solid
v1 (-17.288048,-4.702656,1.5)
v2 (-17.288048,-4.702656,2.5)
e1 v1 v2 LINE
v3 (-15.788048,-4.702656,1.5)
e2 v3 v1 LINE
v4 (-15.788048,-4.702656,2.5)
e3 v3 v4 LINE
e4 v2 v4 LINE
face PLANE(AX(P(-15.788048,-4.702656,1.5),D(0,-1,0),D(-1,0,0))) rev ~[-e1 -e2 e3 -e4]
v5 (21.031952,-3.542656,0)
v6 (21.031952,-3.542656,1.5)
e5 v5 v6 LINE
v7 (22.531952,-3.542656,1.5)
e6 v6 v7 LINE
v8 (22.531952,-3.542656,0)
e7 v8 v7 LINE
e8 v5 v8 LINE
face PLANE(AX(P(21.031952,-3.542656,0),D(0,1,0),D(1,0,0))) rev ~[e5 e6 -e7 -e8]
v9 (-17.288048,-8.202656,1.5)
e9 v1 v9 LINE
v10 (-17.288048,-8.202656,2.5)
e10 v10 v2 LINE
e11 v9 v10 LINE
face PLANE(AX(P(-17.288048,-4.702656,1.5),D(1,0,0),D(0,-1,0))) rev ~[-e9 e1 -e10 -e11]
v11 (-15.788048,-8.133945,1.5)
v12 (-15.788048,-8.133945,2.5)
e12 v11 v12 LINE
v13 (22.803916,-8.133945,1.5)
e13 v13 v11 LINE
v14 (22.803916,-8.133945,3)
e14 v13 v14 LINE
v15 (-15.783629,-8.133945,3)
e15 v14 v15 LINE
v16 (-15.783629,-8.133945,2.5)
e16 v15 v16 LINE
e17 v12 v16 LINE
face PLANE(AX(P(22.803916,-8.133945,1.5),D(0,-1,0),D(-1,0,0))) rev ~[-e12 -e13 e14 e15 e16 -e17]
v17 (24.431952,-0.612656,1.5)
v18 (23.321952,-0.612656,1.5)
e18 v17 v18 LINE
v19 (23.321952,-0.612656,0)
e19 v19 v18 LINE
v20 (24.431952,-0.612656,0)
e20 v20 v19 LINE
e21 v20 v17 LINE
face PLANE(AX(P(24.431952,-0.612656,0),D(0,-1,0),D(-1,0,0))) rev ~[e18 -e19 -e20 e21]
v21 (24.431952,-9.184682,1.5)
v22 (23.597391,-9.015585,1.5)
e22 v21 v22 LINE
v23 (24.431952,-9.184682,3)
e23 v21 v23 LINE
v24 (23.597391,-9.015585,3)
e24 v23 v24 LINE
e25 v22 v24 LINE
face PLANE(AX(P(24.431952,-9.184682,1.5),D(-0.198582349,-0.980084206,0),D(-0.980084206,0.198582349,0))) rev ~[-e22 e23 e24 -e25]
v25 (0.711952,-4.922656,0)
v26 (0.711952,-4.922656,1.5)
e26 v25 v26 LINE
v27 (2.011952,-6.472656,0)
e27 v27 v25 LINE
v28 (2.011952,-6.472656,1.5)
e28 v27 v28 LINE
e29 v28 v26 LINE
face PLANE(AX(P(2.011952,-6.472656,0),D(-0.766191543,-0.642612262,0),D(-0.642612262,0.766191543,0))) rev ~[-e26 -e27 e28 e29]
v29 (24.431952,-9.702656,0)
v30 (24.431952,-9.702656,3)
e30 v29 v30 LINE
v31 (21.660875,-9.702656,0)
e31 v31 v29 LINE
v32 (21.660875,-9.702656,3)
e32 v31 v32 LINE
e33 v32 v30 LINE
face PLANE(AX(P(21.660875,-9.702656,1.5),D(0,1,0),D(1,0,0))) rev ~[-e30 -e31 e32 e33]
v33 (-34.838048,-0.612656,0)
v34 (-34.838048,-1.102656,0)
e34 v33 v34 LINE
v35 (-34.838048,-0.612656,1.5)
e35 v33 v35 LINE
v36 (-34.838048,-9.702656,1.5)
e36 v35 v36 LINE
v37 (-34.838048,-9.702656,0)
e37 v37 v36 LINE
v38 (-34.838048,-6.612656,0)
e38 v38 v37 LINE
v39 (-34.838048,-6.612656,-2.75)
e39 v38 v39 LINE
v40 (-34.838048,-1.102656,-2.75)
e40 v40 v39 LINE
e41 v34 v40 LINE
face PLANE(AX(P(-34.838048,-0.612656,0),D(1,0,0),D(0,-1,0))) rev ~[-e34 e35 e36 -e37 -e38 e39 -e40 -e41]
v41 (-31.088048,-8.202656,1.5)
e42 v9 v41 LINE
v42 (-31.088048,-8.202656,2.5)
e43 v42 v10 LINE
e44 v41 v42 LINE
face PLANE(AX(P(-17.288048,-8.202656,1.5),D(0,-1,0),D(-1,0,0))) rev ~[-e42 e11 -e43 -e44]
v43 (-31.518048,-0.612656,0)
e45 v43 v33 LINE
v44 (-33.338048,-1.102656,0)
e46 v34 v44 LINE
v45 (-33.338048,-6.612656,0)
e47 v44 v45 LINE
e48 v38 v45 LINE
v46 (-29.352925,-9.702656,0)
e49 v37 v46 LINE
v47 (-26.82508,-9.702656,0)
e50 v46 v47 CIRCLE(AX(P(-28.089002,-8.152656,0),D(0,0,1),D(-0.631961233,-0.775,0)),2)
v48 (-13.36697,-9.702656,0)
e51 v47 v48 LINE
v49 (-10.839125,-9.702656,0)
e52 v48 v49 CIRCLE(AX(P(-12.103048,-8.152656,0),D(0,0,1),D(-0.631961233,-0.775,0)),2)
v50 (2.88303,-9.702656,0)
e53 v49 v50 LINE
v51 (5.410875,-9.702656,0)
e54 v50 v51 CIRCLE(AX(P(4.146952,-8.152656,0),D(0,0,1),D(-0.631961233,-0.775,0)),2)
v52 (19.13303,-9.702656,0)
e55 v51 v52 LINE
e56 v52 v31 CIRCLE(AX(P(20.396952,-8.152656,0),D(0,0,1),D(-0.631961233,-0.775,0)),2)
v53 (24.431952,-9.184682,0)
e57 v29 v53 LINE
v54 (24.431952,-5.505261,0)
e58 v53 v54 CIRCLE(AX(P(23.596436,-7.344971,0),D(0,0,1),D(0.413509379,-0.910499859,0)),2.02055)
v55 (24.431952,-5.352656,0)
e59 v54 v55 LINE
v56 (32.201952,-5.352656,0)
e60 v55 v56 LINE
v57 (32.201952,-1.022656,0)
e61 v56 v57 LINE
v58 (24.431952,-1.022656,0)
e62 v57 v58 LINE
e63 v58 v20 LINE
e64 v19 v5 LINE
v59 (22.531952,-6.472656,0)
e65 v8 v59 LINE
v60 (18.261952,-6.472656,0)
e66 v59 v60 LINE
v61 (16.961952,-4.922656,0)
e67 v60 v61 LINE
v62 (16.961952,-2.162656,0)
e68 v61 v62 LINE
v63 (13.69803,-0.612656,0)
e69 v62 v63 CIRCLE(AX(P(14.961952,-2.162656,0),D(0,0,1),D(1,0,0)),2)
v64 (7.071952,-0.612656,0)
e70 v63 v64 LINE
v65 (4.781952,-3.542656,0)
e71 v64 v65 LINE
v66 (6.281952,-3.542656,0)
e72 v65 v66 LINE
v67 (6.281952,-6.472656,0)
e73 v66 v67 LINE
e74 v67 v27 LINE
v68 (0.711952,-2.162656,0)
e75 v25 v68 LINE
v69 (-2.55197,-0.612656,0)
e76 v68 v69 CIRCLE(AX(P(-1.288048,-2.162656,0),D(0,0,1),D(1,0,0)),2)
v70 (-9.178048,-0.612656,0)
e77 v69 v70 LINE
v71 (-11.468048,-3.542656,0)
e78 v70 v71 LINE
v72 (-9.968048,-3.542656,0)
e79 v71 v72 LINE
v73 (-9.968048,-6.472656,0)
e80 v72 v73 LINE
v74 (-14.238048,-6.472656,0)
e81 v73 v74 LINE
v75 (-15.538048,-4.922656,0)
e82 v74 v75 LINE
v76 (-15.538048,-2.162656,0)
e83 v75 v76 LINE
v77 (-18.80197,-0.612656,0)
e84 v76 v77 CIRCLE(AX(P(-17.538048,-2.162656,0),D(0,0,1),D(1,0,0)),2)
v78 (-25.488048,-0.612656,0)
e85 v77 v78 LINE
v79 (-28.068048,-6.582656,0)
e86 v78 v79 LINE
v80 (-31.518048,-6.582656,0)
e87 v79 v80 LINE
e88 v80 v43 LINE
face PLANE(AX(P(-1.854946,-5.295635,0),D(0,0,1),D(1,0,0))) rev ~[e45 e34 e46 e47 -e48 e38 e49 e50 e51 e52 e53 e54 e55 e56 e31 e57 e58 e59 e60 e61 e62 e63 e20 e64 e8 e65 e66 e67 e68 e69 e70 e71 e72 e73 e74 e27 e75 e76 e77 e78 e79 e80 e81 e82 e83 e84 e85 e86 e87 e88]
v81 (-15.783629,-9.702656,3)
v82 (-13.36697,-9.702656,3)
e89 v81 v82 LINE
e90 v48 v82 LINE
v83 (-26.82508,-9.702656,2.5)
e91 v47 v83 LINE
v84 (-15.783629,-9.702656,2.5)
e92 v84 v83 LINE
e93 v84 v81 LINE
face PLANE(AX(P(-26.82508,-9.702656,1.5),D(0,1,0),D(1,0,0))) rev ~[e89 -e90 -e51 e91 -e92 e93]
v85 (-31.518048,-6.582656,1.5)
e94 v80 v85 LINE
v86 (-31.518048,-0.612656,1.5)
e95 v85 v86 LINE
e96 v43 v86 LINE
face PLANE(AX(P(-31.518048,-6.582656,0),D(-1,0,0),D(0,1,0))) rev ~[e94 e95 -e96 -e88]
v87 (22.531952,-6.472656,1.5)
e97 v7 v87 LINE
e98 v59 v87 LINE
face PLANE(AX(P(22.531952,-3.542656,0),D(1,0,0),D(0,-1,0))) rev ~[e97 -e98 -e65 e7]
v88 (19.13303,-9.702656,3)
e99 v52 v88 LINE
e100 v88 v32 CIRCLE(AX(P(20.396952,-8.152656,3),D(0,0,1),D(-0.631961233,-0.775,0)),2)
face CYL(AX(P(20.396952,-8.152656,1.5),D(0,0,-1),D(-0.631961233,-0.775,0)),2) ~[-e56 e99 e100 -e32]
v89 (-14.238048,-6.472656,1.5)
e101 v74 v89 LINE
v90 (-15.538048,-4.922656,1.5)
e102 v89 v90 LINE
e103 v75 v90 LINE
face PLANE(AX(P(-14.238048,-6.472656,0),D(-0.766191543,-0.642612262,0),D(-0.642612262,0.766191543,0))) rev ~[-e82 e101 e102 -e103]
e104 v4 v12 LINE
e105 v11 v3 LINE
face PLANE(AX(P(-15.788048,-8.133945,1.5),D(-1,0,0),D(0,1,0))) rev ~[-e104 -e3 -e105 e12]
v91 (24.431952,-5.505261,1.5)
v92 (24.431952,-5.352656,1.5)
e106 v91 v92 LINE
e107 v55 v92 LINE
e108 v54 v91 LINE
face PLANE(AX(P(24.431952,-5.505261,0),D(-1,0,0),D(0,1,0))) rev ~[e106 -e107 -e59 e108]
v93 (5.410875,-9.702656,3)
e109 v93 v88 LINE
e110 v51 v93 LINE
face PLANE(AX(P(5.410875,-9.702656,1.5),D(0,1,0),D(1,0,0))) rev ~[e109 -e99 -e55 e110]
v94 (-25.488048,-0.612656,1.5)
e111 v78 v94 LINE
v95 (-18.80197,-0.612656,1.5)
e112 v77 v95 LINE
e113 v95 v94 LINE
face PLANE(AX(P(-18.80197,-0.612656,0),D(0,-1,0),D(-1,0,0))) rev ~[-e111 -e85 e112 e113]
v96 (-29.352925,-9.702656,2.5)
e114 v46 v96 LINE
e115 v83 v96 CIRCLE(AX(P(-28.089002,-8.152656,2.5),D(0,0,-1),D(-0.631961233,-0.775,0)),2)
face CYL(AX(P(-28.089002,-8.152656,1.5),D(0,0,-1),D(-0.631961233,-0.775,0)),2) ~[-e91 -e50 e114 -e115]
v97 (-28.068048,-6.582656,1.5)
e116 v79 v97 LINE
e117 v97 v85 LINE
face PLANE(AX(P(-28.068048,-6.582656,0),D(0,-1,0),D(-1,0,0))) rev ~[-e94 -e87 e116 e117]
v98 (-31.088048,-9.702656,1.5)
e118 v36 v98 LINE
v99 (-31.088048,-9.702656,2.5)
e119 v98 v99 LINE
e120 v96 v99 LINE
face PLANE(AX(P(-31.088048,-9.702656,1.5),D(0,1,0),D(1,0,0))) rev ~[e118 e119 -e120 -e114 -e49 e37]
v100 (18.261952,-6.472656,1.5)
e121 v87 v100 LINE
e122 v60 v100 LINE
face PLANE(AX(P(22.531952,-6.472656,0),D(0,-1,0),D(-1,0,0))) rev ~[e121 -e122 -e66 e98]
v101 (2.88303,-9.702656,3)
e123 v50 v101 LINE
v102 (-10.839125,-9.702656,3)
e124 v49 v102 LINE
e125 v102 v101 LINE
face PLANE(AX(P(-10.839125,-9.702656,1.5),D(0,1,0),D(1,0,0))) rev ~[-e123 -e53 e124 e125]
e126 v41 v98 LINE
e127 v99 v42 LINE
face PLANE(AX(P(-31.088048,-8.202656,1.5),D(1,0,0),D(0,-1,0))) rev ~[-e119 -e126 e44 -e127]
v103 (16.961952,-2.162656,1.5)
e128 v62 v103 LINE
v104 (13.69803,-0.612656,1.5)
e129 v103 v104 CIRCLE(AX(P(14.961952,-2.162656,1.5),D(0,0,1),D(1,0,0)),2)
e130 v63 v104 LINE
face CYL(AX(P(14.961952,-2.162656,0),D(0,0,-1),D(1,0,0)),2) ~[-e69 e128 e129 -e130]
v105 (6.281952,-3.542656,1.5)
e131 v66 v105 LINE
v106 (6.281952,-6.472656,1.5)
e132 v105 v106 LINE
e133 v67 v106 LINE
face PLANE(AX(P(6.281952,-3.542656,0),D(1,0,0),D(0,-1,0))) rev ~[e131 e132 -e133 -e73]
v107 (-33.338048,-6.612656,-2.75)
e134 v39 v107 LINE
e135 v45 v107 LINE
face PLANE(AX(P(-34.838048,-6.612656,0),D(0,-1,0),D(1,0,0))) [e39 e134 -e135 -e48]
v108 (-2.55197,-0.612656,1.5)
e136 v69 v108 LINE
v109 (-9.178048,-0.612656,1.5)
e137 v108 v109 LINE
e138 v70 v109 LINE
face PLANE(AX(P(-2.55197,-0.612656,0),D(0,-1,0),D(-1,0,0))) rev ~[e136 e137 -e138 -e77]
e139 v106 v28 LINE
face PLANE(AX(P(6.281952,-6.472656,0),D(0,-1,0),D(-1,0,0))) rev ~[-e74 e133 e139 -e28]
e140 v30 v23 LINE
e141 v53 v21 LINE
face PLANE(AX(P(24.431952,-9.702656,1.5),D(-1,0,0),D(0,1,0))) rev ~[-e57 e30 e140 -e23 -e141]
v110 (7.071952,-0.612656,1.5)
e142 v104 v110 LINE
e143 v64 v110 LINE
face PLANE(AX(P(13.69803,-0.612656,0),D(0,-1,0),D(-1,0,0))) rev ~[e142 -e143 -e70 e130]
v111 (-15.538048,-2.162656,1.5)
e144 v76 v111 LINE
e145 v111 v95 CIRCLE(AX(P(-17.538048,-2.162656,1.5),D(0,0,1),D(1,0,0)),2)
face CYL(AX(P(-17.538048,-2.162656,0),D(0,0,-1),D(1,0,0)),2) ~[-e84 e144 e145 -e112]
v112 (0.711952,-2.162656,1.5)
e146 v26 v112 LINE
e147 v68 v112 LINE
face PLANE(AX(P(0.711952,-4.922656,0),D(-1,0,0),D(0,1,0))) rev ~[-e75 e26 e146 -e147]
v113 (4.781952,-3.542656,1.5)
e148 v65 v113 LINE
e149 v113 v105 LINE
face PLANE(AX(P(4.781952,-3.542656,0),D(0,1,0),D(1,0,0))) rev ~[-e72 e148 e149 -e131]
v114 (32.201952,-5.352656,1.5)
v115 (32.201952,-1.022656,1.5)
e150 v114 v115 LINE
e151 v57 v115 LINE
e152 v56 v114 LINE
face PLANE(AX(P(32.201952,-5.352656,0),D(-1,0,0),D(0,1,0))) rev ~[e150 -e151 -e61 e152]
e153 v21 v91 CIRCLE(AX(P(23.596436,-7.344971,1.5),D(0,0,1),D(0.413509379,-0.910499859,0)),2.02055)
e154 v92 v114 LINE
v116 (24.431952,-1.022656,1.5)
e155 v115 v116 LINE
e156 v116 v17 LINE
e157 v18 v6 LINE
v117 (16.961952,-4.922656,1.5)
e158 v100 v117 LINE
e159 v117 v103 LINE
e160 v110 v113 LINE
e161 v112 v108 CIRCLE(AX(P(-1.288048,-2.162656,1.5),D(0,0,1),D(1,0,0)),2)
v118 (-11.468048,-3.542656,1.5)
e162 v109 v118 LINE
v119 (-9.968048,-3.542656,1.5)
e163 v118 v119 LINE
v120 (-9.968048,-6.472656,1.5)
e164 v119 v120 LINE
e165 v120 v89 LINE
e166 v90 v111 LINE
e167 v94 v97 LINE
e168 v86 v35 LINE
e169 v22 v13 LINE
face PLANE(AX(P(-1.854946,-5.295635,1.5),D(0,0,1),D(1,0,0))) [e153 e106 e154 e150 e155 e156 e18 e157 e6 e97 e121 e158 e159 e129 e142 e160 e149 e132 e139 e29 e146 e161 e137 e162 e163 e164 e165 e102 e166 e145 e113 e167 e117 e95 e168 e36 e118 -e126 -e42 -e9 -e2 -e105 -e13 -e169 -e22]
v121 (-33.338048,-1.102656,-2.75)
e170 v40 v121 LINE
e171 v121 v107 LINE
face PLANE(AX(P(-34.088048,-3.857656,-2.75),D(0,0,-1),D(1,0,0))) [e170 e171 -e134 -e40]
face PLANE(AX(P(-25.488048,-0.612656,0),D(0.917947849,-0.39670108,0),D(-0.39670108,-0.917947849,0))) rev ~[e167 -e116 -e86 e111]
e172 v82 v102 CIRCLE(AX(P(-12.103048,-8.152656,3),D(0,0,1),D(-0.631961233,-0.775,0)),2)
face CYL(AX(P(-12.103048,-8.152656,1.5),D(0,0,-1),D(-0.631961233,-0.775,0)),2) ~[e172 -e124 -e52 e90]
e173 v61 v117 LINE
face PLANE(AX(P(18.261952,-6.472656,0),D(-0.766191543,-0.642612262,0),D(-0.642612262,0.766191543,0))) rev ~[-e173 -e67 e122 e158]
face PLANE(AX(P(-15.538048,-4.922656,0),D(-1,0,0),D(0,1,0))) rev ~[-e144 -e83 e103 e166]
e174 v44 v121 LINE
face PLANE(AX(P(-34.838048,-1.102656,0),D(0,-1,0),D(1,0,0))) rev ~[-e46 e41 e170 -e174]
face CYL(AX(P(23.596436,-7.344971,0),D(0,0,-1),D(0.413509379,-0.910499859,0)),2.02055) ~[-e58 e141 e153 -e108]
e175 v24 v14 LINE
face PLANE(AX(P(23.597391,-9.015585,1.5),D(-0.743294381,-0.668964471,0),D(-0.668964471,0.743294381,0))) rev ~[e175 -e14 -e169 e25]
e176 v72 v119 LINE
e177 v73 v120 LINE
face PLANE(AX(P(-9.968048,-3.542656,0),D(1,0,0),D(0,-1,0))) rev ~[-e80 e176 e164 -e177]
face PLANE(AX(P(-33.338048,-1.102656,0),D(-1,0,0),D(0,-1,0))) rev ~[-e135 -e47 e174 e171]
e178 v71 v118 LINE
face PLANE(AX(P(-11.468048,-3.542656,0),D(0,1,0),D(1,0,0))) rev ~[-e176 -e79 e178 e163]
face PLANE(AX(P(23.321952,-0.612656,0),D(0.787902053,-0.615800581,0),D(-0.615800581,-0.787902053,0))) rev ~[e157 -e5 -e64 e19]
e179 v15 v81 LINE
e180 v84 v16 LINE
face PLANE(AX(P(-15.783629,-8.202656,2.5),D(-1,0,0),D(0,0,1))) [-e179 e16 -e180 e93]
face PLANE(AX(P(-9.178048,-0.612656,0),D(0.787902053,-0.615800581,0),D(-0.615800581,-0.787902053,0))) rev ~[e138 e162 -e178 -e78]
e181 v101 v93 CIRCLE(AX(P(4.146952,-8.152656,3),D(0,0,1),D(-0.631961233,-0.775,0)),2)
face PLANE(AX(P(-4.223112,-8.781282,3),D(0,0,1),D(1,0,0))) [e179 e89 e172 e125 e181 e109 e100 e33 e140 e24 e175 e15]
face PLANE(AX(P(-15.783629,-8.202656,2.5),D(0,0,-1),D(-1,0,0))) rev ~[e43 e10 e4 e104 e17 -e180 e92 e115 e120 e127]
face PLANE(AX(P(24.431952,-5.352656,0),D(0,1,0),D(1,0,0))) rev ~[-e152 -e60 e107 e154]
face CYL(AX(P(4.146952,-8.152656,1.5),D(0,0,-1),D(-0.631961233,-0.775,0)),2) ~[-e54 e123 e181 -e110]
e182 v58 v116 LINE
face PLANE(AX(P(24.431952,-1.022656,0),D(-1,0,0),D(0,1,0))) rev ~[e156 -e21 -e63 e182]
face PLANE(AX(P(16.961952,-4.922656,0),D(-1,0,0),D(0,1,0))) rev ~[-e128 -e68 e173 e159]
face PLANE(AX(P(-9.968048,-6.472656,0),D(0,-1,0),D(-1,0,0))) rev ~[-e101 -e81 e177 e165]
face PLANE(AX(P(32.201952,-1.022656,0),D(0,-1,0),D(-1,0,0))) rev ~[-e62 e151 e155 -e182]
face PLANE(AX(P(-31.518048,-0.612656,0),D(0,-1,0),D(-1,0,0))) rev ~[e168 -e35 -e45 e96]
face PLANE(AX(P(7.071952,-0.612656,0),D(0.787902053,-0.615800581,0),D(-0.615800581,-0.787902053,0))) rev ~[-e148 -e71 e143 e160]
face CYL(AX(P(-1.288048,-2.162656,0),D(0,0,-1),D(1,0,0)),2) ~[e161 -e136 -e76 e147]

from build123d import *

# Parameters (mm, degrees)
F1_DEPTH = 1.5
F3_DEPTH = 1.5
F4_W     = 15.3044191209
F4_H     = 0.5
F5_DEPTH = 12.5
F6_W     = 1.5
F6_H     = 5.51
F7_DEPTH = 2.75


with BuildPart() as f1:
    # F0 (on Top) → F1 (new body)
    with BuildSketch(Plane.XY):
        with BuildLine():
            Line((-31.5180477679, -0.6126557182), (-34.8380477679, -0.6126557182))
            Line((-34.8380477679, -0.6126557182), (-34.8380477679, -9.7026557182))
            Line((-34.8380477679, -9.7026557182), (-29.3529247474, -9.7026557182))
            ThreePointArc((-29.3529247474, -9.7026557182), (-28.0890022814, -10.1526557182), (-26.8250798155, -9.7026557182))
            Line((-26.8250798155, -9.7026557182), (-13.3669702339, -9.7026557182))
            ThreePointArc((-13.3669702339, -9.7026557182), (-12.1030477679, -10.1526557182), (-10.8391253019, -9.7026557182))
            Line((-10.8391253019, -9.7026557182), (2.8830297661, -9.7026557182))
            ThreePointArc((2.8830297661, -9.7026557182), (4.1469522321, -10.1526557182), (5.4108746981, -9.7026557182))
            Line((5.4108746981, -9.7026557182), (19.1330297661, -9.7026557182))
            ThreePointArc((19.1330297661, -9.7026557182), (20.3969522321, -10.1526557182), (21.6608746981, -9.7026557182))
            Line((21.6608746981, -9.7026557182), (24.4319522321, -9.7026557182))
            Line((24.4319522321, -9.7026557182), (24.4319522321, -9.1846820578))
            ThreePointArc((24.4319522321, -9.1846820578), (25.6169859572, -7.3449714109), (24.4319522321, -5.5052607641))
            Line((24.4319522321, -5.5052607641), (24.4319522321, -5.3526557182))
            Line((24.4319522321, -5.3526557182), (32.2019522321, -5.3526557182))
            Line((32.2019522321, -5.3526557182), (32.2019522321, -1.0226557182))
            Line((32.2019522321, -1.0226557182), (24.4319522321, -1.0226557182))
            Line((24.4319522321, -1.0226557182), (24.4319522321, -0.6126557182))
            Line((24.4319522321, -0.6126557182), (23.3219522321, -0.6126557182))
            Line((23.3219522321, -0.6126557182), (21.0319522321, -3.5426557182))
            Line((21.0319522321, -3.5426557182), (22.5319522321, -3.5426557182))
            Line((22.5319522321, -3.5426557182), (22.5319522321, -6.4726557182))
            Line((22.5319522321, -6.4726557182), (18.2619522321, -6.4726557182))
            Line((18.2619522321, -6.4726557182), (16.9619522321, -4.9226557182))
            Line((16.9619522321, -4.9226557182), (16.9619522321, -2.1626557182))
            ThreePointArc((16.9619522321, -2.1626557182), (15.8199018425, -0.3560228098), (13.6980297661, -0.6126557182))
            Line((13.6980297661, -0.6126557182), (7.0719522321, -0.6126557182))
            Line((7.0719522321, -0.6126557182), (4.7819522321, -3.5426557182))
            Line((4.7819522321, -3.5426557182), (6.2819522321, -3.5426557182))
            Line((6.2819522321, -3.5426557182), (6.2819522321, -6.4726557182))
            Line((6.2819522321, -6.4726557182), (2.0119522321, -6.4726557182))
            Line((2.0119522321, -6.4726557182), (0.7119522321, -4.9226557182))
            Line((0.7119522321, -4.9226557182), (0.7119522321, -2.1626557182))
            ThreePointArc((0.7119522321, -2.1626557182), (-0.4300981575, -0.3560228098), (-2.5519702339, -0.6126557182))
            Line((-2.5519702339, -0.6126557182), (-9.1780477679, -0.6126557182))
            Line((-9.1780477679, -0.6126557182), (-11.4680477679, -3.5426557182))
            Line((-11.4680477679, -3.5426557182), (-9.9680477679, -3.5426557182))
            Line((-9.9680477679, -3.5426557182), (-9.9680477679, -6.4726557182))
            Line((-9.9680477679, -6.4726557182), (-14.2380477679, -6.4726557182))
            Line((-14.2380477679, -6.4726557182), (-15.5380477679, -4.9226557182))
            Line((-15.5380477679, -4.9226557182), (-15.5380477679, -2.1626557182))
            ThreePointArc((-15.5380477679, -2.1626557182), (-16.6800981575, -0.3560228098), (-18.8019702339, -0.6126557182))
            Line((-18.8019702339, -0.6126557182), (-25.4880477679, -0.6126557182))
            Line((-25.4880477679, -0.6126557182), (-28.0680477679, -6.5826557182))
            Line((-28.0680477679, -6.5826557182), (-31.5180477679, -6.5826557182))
            Line((-31.5180477679, -6.5826557182), (-31.5180477679, -0.6126557182))
        make_face()
    extrude(amount=F1_DEPTH)

    # F2 (on face) → F3 (join)
    with BuildSketch(Plane.XY.offset(1.5)):
        with BuildLine():
            Line((-31.0880477679, -8.2026557182), (-31.0880477679, -9.7026557182))
            Line((-31.0880477679, -9.7026557182), (-29.3529247474, -9.7026557182))
            ThreePointArc((-29.3529247474, -9.7026557182), (-28.0890022814, -10.1526557182), (-26.8250798155, -9.7026557182))
            Line((-26.8250798155, -9.7026557182), (-13.3669702339, -9.7026557182))
            ThreePointArc((-13.3669702339, -9.7026557182), (-12.1030477679, -10.1526557182), (-10.8391253019, -9.7026557182))
            Line((-10.8391253019, -9.7026557182), (2.8830297661, -9.7026557182))
            ThreePointArc((2.8830297661, -9.7026557182), (4.1469522321, -10.1526557182), (5.4108746981, -9.7026557182))
            Line((5.4108746981, -9.7026557182), (19.1330297661, -9.7026557182))
            ThreePointArc((19.1330297661, -9.7026557182), (20.3969522321, -10.1526557182), (21.6608746981, -9.7026557182))
            Line((21.6608746981, -9.7026557182), (24.4319522321, -9.7026557182))
            Line((24.4319522321, -9.7026557182), (24.4319522321, -9.1846820578))
            Line((24.4319522321, -9.1846820578), (23.5973913223, -9.0155852959))
            Line((23.5973913223, -9.0155852959), (22.8039156646, -8.1339450553))
            Line((22.8039156646, -8.1339450553), (-15.7880477679, -8.1339450553))
            Line((-15.7880477679, -8.1339450553), (-15.7880477679, -4.7026557182))
            Line((-15.7880477679, -4.7026557182), (-17.2880477679, -4.7026557182))
            Line((-17.2880477679, -4.7026557182), (-17.2880477679, -8.2026557182))
            Line((-17.2880477679, -8.2026557182), (-31.0880477679, -8.2026557182))
        make_face()
    extrude(amount=F3_DEPTH)

    # F4 (on face) → F5 (cut, symmetric)
    with BuildSketch(Plane(origin=(0, -8.2026557182, 0), x_dir=(-1, 0, 0), z_dir=(0, 1, 0))):
        with Locations((23.4358382075, 2.75)):
            Rectangle(F4_W, F4_H)
    extrude(amount=F5_DEPTH, both=True, mode=Mode.SUBTRACT)

    # F6 (on face) → F7 (join)
    with BuildSketch(Plane(origin=(0, 0, 0), x_dir=(1, 0, 0), z_dir=(0, 0, -1))):
        with Locations((-34.0880477679, 3.8576557182)):
            Rectangle(F6_W, F6_H)
    extrude(amount=F7_DEPTH)


solid = f1.part
